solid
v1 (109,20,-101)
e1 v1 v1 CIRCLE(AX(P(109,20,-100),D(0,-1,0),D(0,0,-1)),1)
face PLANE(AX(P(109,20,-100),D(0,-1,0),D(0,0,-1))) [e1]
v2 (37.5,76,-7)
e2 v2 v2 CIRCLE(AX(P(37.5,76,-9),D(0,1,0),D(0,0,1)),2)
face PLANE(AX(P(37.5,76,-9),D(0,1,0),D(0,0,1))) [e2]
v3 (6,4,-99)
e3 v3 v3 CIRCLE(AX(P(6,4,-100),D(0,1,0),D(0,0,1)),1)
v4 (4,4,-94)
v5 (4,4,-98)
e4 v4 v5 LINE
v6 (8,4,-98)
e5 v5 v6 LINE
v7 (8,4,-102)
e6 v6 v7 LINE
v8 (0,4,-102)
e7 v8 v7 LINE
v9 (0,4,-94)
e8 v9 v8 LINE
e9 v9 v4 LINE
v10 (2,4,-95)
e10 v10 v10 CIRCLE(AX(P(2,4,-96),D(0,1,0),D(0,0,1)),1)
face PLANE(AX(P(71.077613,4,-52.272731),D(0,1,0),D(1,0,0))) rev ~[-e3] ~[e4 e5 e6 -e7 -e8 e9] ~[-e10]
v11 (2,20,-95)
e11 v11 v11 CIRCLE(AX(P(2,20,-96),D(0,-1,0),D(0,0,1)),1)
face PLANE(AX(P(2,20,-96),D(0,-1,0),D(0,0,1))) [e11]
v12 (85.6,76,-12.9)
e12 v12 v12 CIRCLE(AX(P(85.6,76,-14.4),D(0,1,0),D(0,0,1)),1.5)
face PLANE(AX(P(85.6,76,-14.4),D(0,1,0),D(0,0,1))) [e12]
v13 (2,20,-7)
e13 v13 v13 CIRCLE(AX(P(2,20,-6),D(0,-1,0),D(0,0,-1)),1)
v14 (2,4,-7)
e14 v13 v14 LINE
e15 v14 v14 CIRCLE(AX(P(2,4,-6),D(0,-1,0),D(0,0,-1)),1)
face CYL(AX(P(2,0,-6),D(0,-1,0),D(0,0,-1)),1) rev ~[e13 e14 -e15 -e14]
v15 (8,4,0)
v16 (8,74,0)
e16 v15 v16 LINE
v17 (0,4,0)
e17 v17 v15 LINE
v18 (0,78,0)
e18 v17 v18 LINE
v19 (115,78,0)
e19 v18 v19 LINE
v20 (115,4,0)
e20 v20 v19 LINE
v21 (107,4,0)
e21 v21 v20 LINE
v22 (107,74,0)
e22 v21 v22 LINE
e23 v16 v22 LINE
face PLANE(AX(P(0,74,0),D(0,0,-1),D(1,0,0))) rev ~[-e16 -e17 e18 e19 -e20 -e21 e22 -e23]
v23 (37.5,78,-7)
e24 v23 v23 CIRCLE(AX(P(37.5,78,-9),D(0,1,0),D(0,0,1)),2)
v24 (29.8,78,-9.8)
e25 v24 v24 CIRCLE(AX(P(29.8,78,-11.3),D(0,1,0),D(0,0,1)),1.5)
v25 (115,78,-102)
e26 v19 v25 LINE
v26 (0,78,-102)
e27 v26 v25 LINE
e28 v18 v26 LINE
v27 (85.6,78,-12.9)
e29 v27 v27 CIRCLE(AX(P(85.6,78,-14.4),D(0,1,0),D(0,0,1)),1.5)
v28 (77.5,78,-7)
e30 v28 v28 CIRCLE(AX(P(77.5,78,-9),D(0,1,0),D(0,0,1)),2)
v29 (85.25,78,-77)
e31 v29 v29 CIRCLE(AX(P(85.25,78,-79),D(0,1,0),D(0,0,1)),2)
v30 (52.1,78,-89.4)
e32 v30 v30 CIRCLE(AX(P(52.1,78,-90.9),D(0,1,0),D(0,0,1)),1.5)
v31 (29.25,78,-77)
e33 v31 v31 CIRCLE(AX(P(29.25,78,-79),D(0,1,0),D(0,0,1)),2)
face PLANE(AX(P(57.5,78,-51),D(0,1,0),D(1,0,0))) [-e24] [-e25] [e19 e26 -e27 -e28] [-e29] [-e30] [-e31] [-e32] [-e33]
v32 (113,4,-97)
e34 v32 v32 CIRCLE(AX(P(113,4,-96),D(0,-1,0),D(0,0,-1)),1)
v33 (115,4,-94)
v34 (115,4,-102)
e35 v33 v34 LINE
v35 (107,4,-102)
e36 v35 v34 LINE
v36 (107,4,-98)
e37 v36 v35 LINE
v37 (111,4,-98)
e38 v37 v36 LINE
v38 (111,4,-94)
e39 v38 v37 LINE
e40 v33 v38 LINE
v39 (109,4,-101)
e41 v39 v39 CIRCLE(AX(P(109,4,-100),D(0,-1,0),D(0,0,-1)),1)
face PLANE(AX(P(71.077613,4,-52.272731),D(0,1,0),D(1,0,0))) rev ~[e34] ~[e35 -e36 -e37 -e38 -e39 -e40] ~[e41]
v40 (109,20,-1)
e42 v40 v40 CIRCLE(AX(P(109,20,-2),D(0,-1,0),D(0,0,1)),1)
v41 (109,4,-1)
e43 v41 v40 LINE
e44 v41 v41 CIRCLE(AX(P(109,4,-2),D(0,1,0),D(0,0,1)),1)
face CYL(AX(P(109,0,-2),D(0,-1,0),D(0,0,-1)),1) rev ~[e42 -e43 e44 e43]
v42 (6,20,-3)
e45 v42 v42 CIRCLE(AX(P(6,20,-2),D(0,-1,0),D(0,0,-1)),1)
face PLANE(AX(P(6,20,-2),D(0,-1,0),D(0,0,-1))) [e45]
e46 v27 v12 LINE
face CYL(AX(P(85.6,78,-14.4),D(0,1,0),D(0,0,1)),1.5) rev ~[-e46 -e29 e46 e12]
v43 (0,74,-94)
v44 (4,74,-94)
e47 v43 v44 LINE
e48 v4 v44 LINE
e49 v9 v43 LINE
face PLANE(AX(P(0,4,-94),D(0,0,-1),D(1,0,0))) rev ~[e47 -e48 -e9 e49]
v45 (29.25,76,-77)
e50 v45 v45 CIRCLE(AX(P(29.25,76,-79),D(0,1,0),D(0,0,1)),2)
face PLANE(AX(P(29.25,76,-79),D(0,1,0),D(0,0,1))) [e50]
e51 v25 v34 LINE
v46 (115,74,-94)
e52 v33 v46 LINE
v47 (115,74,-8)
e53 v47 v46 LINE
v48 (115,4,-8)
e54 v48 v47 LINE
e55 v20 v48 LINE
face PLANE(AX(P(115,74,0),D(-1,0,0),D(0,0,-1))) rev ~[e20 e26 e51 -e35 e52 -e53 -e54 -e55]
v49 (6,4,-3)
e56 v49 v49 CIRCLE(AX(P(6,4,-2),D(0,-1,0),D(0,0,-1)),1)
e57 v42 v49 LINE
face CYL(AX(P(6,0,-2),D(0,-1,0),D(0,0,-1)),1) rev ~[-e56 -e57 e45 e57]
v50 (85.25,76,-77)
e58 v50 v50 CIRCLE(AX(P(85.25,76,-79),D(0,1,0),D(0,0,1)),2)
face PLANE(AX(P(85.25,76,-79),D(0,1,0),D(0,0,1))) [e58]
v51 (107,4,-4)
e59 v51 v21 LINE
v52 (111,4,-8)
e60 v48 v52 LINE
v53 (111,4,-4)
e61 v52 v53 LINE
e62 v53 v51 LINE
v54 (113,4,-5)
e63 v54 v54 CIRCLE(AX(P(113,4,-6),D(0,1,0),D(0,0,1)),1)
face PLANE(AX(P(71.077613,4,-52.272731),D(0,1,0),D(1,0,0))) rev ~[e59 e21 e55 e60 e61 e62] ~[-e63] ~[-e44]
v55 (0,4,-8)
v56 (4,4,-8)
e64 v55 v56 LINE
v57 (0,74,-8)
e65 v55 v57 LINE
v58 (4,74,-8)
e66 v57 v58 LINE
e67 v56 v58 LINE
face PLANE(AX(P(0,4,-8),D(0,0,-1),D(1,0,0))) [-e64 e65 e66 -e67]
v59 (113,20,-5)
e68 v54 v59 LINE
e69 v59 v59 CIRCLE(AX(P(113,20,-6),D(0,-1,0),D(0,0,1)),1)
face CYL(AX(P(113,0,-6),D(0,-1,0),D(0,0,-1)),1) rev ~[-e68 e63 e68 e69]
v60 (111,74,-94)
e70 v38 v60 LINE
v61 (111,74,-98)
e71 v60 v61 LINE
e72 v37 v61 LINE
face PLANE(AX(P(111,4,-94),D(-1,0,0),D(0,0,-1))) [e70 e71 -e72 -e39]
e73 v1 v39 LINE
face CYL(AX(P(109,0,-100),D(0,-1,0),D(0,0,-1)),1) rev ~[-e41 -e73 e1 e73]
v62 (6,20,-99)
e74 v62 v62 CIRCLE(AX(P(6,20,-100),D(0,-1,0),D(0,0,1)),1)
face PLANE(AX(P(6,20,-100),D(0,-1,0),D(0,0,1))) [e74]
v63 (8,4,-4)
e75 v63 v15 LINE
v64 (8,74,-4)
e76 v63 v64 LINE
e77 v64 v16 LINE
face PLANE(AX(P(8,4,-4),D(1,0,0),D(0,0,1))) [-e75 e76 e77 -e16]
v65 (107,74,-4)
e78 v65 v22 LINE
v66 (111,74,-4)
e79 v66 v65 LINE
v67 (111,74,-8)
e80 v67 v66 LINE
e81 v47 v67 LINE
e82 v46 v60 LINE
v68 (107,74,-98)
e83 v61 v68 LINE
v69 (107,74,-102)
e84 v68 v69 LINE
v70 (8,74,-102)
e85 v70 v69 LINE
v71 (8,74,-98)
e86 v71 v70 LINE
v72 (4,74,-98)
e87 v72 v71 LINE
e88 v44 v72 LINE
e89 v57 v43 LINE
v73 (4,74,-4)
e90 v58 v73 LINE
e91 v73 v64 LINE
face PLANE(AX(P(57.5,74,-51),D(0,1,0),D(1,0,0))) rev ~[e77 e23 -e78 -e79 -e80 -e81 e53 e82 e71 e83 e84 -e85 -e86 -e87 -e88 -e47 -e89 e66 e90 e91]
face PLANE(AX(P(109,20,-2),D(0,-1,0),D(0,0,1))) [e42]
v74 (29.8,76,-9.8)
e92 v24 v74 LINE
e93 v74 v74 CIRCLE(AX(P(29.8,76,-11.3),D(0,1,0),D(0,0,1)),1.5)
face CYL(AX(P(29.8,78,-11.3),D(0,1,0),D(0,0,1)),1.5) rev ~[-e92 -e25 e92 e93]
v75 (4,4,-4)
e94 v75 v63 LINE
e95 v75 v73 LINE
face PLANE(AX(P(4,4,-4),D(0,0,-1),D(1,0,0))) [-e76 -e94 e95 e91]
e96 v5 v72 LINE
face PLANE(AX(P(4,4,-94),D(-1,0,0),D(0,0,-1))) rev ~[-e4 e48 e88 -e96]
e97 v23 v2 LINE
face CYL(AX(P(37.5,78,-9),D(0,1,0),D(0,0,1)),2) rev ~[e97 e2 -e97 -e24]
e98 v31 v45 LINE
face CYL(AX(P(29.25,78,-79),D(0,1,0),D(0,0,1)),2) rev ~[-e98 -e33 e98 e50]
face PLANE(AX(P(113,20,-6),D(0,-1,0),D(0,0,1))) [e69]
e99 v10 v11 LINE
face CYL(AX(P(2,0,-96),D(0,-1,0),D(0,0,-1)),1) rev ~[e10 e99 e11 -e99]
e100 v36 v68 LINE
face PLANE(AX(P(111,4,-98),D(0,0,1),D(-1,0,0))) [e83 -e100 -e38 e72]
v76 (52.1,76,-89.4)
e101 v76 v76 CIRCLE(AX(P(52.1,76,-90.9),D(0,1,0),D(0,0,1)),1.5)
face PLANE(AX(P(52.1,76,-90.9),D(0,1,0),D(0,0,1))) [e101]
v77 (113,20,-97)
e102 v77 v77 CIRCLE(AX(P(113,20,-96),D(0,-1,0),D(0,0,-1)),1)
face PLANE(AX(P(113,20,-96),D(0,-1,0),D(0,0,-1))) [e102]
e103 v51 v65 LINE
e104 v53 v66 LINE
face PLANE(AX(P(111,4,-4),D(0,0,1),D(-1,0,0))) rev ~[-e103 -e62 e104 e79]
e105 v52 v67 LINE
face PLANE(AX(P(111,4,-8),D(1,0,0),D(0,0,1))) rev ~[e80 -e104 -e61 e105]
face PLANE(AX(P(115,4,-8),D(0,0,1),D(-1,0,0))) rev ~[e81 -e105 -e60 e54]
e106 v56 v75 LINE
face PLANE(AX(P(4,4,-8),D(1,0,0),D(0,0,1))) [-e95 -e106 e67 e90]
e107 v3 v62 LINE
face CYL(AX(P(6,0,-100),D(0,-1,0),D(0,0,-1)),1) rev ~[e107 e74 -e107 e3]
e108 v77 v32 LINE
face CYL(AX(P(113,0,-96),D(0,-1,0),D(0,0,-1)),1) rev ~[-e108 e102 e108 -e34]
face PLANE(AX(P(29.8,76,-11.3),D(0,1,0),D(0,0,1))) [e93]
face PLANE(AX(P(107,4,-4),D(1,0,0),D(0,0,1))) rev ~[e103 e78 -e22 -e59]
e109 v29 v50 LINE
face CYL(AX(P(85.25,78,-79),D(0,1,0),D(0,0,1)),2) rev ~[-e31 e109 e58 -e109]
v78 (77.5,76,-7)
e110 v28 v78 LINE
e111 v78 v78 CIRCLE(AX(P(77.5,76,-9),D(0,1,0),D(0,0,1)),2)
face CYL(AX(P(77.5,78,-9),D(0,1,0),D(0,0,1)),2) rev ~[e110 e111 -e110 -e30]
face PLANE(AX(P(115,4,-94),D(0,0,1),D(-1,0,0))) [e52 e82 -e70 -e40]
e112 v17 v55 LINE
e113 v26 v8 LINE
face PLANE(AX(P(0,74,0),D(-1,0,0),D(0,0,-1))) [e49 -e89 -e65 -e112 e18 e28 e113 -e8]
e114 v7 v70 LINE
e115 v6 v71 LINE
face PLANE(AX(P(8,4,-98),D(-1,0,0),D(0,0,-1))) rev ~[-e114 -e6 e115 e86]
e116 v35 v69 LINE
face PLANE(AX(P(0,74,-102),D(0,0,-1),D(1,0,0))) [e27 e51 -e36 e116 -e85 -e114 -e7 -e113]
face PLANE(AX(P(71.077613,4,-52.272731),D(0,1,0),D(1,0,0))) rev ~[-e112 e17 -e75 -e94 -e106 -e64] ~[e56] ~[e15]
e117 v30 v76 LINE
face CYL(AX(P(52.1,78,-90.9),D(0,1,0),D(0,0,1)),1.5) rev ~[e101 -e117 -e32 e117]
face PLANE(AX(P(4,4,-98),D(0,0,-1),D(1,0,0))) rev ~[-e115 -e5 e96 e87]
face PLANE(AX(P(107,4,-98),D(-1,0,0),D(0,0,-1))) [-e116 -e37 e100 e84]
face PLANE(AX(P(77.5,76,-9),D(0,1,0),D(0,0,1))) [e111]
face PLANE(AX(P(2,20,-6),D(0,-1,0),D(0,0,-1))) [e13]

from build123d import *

# Parameters (mm, degrees)
SKETCH1_W           = 115
SKETCH1_H           = 102
BOSS_EXTRUDE1_DEPTH = 4
SKETCH3_W           = 15
SKETCH3_H           = 90
BOSS_EXTRUDE2_DEPTH = 40
SKETCH4_R           = 2.125
CUT_EXTRUDE4_DEPTH  = 10
SKETCH11_W          = 104
SKETCH11_H          = 91
CUT_EXTRUDE5_DEPTH  = 2
SKETCH14_R          = 1
CUT_EXTRUDE7_DEPTH  = 20
BOSS_EXTRUDE4_DEPTH = 70
SKETCH13_R          = 1
CUT_EXTRUDE6_DEPTH  = 20
SKETCH7_W           = 115
SKETCH7_H           = 102
BOSS_EXTRUDE5_DEPTH = 4
SKETCH8_R           = 2
CUT_EXTRUDE2_DEPTH  = 2
SKETCH9_R           = 1.5
CUT_EXTRUDE3_DEPTH  = 2
SKETCH15_W          = 168.231856539
SKETCH15_H          = 129.587124708
CUT_EXTRUDE8_DEPTH  = 171.601875722


with BuildPart() as part:
    # Sketch1 → Boss-Extrude1 (new body)
    with BuildSketch(Plane(origin=(0, 0, 0), x_dir=(1, 0, 0), z_dir=(0, 1, 0))):
        with Locations((57.5, 51)):
            Rectangle(SKETCH1_W, SKETCH1_H)
    extrude(amount=BOSS_EXTRUDE1_DEPTH)

    # Sketch3 → Boss-Extrude2 (add)
    with BuildSketch(Plane.XZ):
        with Locations((13, -51)):
            Rectangle(SKETCH3_W, SKETCH3_H)
        with Locations((102, -51)):
            Rectangle(SKETCH3_W, SKETCH3_H)
    extrude(amount=BOSS_EXTRUDE2_DEPTH)

    # Sketch4 → Cut-Extrude4 (cut)
    with BuildSketch(Plane.XZ.offset(40)):
        with Locations(Location((14.525, -67.125, 0), (0, 0, 270))):
            Circle(SKETCH4_R)
        with Locations(Location((14.525, -34.875, 0), (0, 0, 270))):
            Circle(SKETCH4_R)
        with Locations(Location((100.475, -67.125, 0), (0, 0, 270))):
            Circle(SKETCH4_R)
        with Locations(Location((100.475, -34.875, 0), (0, 0, 270))):
            Circle(SKETCH4_R)
    extrude(amount=-CUT_EXTRUDE4_DEPTH, mode=Mode.SUBTRACT)

    # Sketch11 → Cut-Extrude5 (cut)
    with BuildSketch(Plane(origin=(0, 4, 0), x_dir=(1, 0, 0), z_dir=(0, 1, 0))):
        with Locations((57.5, 51)):
            Rectangle(SKETCH11_W, SKETCH11_H)
    extrude(amount=-CUT_EXTRUDE5_DEPTH, mode=Mode.SUBTRACT)

    # Sketch14 → Cut-Extrude7 (cut)
    with BuildSketch(Plane.XZ):
        with Locations(Location((109, -100, 0), (0, 0, 270))):
            Circle(SKETCH14_R)
        with Locations(Location((113, -96, 0), (0, 0, 270))):
            Circle(SKETCH14_R)
        with Locations(Location((2, -96, 0), (0, 0, 270))):
            Circle(SKETCH14_R)
        with Locations(Location((6, -100, 0), (0, 0, 270))):
            Circle(SKETCH14_R)
        with Locations(Location((113, -6, 0), (0, 0, 270))):
            Circle(SKETCH14_R)
        with Locations(Location((109, -2, 0), (0, 0, 270))):
            Circle(SKETCH14_R)
        with Locations(Location((2, -6, 0), (0, 0, 270))):
            Circle(SKETCH14_R)
        with Locations(Location((6, -2, 0), (0, 0, 270))):
            Circle(SKETCH14_R)
    extrude(amount=-CUT_EXTRUDE7_DEPTH, mode=Mode.SUBTRACT)

    # Sketch6 → Boss-Extrude4 (add)
    with BuildSketch(Plane(origin=(0, 4, 0), x_dir=(1, 0, 0), z_dir=(0, 1, 0))):
        Polygon((0, 0), (0, 8), (4, 8), (4, 4), (8, 4), (8, 0), align=None)
        Polygon((107, 0), (115, 0), (115, 8), (111, 8), (111, 4), (107, 4), align=None)
        Polygon((107, 102), (115, 102), (115, 94), (111, 94), (111, 98), (107, 98), align=None)
        Polygon((8, 102), (0, 102), (0, 94), (4, 94), (4, 98), (8, 98), align=None)
    extrude(amount=BOSS_EXTRUDE4_DEPTH)

    # Sketch13 → Cut-Extrude6 (cut)
    with BuildSketch(Plane.XZ):
        with Locations(Location((109, -100, 0), (0, 0, 270))):
            Circle(SKETCH13_R)
        with Locations(Location((113, -96, 0), (0, 0, 270))):
            Circle(SKETCH13_R)
        with Locations(Location((2, -96, 0), (0, 0, 90))):
            Circle(SKETCH13_R)
        with Locations(Location((6, -100, 0), (0, 0, 90))):
            Circle(SKETCH13_R)
        with Locations(Location((113, -6, 0), (0, 0, 90))):
            Circle(SKETCH13_R)
        with Locations(Location((109, -2, 0), (0, 0, 90))):
            Circle(SKETCH13_R)
        with Locations(Location((6, -2, 0), (0, 0, 270))):
            Circle(SKETCH13_R)
        with Locations(Location((2, -6, 0), (0, 0, 270))):
            Circle(SKETCH13_R)
    extrude(amount=-CUT_EXTRUDE6_DEPTH, mode=Mode.SUBTRACT)

    # Sketch7 → Boss-Extrude5 (add)
    with BuildSketch(Plane(origin=(0, 74, 0), x_dir=(1, 0, 0), z_dir=(0, 1, 0))):
        with Locations((57.5, 51)):
            Rectangle(SKETCH7_W, SKETCH7_H)
    extrude(amount=BOSS_EXTRUDE5_DEPTH)

    # Sketch8 → Cut-Extrude2 (cut)
    with BuildSketch(Plane(origin=(0, 78, 0), x_dir=(1, 0, 0), z_dir=(0, 1, 0))):
        with Locations(Location((29.25, 79, 0), (0, 0, 270))):
            Circle(SKETCH8_R)
        with Locations(Location((85.25, 79, 0), (0, 0, 270))):
            Circle(SKETCH8_R)
        with Locations(Location((37.5, 9, 0), (0, 0, 270))):
            Circle(SKETCH8_R)
        with Locations(Location((77.5, 9, 0), (0, 0, 270))):
            Circle(SKETCH8_R)
    extrude(amount=-CUT_EXTRUDE2_DEPTH, mode=Mode.SUBTRACT)

    # Sketch9 → Cut-Extrude3 (cut)
    with BuildSketch(Plane(origin=(0, 78, 0), x_dir=(1, 0, 0), z_dir=(0, 1, 0))):
        with Locations(Location((52.1, 90.9, 0), (0, 0, 270))):
            Circle(SKETCH9_R)
        with Locations(Location((85.6, 14.4, 0), (0, 0, 270))):
            Circle(SKETCH9_R)
        with Locations(Location((29.8, 11.3, 0), (0, 0, 270))):
            Circle(SKETCH9_R)
    extrude(amount=-CUT_EXTRUDE3_DEPTH, mode=Mode.SUBTRACT)

    # Sketch15 → Cut-Extrude8 (cut, through all)
    with BuildSketch(Plane(origin=(0, 4, 0), x_dir=(1, 0, 0), z_dir=(0, 1, 0))):
        with Locations((71.077613374, 52.272730689)):
            Rectangle(SKETCH15_W, SKETCH15_H)
    extrude(amount=-CUT_EXTRUDE8_DEPTH, mode=Mode.SUBTRACT)


solid = part.part
